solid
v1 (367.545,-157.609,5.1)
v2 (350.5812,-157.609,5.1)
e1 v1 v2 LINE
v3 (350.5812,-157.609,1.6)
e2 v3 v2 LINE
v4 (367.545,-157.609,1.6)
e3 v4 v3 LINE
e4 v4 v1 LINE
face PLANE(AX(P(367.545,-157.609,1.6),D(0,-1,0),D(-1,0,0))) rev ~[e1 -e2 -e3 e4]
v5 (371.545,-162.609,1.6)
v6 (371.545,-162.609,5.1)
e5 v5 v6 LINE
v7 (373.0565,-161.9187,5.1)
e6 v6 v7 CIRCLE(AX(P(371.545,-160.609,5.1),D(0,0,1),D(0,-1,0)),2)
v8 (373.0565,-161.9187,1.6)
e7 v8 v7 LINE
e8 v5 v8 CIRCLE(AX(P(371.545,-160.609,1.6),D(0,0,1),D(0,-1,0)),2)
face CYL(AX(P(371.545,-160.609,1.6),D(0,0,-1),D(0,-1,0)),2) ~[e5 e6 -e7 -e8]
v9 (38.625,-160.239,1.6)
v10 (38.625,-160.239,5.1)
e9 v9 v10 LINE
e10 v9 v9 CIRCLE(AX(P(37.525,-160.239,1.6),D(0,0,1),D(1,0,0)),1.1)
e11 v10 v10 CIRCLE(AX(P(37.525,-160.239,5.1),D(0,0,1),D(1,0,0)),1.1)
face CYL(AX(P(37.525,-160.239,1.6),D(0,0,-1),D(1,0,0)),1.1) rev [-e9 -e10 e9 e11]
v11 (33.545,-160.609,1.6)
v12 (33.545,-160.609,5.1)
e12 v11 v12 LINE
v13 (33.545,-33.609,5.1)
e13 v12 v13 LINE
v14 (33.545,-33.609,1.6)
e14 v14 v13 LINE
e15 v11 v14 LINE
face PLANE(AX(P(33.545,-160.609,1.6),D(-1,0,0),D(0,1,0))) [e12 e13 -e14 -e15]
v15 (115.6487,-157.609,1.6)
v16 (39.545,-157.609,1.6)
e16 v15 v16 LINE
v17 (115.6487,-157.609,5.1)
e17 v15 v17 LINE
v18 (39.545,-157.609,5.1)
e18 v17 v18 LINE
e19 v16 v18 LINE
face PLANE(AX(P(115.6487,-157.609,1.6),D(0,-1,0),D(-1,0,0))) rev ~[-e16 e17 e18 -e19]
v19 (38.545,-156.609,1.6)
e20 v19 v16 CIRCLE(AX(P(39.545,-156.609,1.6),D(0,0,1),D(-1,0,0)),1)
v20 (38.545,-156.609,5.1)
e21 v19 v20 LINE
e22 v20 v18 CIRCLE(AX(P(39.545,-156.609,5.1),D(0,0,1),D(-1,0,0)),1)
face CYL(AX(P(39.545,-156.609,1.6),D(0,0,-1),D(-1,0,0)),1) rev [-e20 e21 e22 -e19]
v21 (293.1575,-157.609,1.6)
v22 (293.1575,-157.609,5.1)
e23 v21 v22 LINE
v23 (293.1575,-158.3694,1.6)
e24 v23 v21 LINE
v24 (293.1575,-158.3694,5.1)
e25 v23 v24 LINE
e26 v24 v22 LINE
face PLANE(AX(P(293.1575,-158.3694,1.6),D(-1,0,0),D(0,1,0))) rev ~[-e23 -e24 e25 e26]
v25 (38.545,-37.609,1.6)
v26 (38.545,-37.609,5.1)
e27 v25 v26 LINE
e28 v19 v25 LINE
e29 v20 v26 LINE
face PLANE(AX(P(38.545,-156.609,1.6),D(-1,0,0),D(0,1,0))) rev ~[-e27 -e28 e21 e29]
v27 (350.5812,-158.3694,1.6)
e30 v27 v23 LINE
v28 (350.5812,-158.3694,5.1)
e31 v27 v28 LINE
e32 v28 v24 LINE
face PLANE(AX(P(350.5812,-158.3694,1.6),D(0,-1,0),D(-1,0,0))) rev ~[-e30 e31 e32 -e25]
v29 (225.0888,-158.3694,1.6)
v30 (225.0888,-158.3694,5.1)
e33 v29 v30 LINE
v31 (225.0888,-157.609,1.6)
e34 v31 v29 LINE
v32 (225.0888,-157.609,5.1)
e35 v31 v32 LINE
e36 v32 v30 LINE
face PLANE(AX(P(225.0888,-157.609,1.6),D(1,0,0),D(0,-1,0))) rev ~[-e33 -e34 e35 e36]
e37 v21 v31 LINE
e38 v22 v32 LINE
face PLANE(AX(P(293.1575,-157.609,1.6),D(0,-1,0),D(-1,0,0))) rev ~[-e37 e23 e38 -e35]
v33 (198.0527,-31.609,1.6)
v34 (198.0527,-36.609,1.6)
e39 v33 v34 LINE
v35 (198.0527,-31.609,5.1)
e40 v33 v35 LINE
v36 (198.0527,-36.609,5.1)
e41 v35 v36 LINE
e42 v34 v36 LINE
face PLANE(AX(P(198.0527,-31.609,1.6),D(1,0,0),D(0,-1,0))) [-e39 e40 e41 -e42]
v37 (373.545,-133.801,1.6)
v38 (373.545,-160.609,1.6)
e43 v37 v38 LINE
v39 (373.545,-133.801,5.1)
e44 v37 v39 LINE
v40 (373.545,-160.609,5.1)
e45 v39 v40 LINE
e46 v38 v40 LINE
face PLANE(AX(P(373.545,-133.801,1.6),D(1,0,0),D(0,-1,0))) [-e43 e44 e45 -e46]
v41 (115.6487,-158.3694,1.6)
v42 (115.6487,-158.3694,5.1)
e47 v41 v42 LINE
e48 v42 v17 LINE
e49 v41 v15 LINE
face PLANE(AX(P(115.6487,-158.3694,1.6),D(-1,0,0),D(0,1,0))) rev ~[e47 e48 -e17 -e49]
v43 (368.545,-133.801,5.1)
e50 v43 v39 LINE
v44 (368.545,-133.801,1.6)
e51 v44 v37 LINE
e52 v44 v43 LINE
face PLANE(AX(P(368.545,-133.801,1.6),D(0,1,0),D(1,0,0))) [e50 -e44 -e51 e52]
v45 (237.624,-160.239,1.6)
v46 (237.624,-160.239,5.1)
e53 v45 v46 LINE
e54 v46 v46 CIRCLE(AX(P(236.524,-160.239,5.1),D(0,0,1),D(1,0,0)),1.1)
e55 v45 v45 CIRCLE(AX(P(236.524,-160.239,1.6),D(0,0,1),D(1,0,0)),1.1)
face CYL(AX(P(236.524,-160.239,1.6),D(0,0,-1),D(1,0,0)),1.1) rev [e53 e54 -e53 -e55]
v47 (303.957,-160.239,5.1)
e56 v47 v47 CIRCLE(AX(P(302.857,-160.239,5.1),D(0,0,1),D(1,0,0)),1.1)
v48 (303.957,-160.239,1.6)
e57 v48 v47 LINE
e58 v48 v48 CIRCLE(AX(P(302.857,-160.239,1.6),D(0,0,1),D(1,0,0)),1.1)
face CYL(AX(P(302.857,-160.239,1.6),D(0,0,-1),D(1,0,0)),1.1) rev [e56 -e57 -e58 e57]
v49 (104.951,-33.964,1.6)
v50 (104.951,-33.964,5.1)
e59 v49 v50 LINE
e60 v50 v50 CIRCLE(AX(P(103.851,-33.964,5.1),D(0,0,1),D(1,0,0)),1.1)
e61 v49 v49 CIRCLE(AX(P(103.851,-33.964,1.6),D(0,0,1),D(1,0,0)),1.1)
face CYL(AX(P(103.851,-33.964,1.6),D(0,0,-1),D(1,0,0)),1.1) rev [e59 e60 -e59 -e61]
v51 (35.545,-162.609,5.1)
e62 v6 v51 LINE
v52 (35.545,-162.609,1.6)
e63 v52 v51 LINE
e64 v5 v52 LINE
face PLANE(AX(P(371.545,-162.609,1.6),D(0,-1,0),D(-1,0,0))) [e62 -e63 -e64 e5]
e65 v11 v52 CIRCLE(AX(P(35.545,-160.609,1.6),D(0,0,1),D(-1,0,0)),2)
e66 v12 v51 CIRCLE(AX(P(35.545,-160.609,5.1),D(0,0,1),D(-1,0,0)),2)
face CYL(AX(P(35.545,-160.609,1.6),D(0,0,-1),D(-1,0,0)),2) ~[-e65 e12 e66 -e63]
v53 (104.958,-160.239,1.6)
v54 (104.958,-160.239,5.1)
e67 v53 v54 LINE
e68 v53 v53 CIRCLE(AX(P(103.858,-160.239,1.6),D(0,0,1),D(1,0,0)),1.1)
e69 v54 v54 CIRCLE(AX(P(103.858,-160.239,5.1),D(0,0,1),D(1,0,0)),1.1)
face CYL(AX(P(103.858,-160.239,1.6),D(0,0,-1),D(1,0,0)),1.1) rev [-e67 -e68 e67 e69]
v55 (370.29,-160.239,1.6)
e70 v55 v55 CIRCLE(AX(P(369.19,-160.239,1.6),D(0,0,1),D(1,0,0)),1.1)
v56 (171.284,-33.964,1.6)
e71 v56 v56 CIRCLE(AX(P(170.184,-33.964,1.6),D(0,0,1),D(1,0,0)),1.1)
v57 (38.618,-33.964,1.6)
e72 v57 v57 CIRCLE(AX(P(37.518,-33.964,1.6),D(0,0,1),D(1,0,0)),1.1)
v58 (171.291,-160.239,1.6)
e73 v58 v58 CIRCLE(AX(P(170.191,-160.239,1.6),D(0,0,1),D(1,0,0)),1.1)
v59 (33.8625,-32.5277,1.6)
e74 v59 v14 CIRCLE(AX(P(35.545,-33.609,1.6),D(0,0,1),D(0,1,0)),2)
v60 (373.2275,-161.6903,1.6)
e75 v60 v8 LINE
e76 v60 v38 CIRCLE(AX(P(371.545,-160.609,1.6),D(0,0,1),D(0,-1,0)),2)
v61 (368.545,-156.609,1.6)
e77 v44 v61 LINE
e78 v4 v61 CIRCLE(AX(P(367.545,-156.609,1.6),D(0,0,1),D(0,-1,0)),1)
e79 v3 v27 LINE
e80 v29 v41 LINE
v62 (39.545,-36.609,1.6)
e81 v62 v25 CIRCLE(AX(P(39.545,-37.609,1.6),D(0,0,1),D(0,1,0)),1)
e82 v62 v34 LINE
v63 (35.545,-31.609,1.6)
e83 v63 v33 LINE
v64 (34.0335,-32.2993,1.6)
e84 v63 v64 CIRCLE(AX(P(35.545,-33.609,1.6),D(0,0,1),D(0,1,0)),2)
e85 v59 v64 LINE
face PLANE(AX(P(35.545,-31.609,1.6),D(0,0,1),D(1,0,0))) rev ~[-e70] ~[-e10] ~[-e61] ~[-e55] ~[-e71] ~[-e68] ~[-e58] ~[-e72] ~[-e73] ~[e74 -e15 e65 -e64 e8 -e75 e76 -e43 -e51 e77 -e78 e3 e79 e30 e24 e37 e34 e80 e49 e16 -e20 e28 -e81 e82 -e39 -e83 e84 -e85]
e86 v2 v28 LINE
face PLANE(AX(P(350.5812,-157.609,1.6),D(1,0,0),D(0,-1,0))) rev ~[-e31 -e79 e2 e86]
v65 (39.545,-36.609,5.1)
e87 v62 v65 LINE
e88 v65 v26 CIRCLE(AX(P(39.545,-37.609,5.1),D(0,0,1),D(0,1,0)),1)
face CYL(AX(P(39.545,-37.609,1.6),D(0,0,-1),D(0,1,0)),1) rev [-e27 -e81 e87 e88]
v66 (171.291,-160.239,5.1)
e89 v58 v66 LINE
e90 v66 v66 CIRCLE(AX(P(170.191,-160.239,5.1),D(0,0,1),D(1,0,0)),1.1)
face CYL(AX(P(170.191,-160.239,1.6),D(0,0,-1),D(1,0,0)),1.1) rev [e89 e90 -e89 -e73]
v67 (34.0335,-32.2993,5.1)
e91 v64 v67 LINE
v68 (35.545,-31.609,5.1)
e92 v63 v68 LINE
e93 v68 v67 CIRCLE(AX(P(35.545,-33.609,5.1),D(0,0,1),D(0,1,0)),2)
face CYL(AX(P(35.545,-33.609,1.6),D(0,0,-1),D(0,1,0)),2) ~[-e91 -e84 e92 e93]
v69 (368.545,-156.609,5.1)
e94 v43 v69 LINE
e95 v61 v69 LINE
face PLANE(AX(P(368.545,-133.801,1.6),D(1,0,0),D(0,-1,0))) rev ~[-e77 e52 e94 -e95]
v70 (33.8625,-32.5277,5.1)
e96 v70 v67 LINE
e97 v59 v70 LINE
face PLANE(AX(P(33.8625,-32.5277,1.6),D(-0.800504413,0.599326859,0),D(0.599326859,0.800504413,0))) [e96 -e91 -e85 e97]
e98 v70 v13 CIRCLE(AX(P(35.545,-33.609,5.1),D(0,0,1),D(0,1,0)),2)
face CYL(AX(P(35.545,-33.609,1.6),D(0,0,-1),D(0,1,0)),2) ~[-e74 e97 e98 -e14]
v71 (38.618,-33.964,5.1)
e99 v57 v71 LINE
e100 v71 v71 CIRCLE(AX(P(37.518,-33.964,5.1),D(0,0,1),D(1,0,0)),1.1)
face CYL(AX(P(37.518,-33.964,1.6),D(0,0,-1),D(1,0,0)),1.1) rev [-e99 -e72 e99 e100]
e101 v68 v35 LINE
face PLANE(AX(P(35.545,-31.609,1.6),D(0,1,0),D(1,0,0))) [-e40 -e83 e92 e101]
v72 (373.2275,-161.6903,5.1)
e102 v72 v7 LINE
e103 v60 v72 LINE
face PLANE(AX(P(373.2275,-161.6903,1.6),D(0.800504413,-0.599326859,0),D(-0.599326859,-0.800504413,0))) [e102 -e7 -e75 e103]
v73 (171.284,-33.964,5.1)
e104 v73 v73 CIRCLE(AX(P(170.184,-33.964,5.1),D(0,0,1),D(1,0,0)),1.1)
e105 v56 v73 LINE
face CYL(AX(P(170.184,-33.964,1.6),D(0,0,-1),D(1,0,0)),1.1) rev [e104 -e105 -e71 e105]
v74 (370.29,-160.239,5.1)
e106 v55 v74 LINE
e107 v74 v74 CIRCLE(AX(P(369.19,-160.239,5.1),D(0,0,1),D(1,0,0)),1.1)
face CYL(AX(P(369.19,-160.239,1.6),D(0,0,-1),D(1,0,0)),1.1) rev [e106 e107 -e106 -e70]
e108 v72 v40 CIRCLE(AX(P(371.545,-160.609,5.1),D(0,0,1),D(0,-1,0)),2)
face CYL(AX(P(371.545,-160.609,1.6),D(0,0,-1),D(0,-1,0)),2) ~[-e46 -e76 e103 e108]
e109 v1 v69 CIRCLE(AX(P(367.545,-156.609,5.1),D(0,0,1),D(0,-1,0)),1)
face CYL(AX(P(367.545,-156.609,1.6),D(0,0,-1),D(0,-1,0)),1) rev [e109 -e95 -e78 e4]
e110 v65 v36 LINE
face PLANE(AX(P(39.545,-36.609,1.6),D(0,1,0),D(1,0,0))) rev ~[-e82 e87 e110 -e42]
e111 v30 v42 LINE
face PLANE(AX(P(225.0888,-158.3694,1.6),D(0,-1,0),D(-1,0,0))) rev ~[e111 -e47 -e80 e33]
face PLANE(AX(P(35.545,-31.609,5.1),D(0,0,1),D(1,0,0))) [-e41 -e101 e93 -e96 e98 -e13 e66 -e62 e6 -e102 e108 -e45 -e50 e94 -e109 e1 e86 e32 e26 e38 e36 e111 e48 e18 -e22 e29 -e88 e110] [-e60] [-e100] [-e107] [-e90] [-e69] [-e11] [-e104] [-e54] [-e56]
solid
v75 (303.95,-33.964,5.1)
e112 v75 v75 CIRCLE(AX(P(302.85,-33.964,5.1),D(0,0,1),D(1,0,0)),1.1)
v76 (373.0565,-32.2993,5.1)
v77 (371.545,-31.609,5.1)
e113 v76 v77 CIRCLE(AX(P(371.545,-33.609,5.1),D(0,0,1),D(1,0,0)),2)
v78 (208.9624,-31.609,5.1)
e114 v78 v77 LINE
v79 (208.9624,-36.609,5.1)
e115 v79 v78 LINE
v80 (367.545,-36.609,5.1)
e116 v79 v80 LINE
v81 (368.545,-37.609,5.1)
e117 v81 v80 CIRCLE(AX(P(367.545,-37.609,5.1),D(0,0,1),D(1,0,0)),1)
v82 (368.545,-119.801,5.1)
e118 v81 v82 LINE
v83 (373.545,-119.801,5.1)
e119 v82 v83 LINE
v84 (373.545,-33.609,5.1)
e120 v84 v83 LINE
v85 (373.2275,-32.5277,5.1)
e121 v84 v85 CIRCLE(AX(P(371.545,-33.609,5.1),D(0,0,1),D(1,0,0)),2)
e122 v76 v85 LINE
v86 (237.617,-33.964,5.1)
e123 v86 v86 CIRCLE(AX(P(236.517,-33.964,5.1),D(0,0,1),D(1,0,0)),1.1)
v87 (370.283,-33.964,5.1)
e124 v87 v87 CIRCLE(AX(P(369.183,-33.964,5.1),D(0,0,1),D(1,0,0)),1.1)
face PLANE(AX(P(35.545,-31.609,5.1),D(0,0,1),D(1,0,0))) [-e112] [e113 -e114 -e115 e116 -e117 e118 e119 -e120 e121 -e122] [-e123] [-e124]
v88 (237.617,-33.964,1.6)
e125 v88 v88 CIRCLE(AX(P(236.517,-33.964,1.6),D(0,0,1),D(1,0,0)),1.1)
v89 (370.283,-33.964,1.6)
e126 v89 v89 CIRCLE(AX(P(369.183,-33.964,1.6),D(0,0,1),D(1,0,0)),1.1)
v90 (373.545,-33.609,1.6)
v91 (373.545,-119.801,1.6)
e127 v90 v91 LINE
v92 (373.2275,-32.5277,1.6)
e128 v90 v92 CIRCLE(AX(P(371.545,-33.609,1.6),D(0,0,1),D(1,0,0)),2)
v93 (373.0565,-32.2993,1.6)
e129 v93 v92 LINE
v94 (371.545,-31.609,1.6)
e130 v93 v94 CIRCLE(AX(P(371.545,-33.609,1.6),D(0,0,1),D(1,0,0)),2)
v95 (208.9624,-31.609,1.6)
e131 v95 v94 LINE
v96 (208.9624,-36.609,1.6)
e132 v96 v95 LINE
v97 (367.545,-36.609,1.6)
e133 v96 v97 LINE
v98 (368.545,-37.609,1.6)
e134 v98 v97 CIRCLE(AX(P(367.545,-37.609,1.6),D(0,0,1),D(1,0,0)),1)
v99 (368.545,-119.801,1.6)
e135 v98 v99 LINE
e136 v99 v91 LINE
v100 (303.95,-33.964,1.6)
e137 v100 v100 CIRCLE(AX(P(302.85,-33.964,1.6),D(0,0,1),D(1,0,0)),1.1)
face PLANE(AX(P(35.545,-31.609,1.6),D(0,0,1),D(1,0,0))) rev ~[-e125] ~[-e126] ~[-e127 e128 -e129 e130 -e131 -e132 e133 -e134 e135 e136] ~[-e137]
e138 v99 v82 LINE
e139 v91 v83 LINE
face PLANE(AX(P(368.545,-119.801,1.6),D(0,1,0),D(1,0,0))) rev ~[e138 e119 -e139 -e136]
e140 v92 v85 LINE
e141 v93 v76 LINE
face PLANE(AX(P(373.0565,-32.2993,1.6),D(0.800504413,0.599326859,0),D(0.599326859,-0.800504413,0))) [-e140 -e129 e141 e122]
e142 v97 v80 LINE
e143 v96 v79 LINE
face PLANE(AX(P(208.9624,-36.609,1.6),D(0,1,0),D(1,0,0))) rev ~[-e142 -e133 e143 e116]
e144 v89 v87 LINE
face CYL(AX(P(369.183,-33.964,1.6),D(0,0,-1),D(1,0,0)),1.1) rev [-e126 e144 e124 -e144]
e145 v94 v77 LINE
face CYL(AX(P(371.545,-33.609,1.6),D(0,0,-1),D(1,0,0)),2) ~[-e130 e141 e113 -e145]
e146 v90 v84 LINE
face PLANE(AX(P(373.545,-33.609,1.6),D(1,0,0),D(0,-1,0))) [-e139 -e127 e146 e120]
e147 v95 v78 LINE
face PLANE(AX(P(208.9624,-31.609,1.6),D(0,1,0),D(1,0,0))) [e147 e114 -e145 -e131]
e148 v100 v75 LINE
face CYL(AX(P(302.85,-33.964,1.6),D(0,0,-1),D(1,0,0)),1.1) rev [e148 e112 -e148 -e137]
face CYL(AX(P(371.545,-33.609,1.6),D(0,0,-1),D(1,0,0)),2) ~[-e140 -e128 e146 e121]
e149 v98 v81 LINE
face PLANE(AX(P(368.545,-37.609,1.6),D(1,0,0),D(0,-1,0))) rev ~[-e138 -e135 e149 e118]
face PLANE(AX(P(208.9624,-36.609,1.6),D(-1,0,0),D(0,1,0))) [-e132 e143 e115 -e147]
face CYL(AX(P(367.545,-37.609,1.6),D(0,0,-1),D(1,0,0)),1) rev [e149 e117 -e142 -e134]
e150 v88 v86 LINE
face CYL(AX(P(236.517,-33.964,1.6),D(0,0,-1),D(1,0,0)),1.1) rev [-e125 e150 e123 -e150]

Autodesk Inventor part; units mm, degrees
ref_plane "YZ Plane" through (0, 0, 0) normal (1, 0, 0) x (0, 1, 0)
ref_plane "XZ Plane" through (0, 0, 0) normal (0, 1, 0) x (-1, 0, 0)
ref_plane "XY Plane" through (0, 0, 0) normal (0, 0, 1) x (1, 0, 0)
ref_plane "Work Plane2" through (35.545, -31.609, 1.6) normal (0, 0, 1) x (1, 0, 0)
ref_plane "Work Plane1" through (35.545, -31.609, 1.6) normal (0, 0, 1) x (1, 0, 0)
sketch "Sketch1" plane through (35.545, -31.609, 1.6) normal (0, 0, 1) x (1, 0, 0)
  line L0 (0, 0) -> (336, 0) projected
  line L1 (-2, -129) -> (-2, -2) projected
  line L2 (-1.6825, -0.9187) -> (-1.5115, -0.6903) projected
  arc A0 (0, 0) -> (-2, -2) centre (0, -2) ccw
  line L3 (338, -2) -> (338, -129) projected
  line L4 (337.5115, -0.6903) -> (337.6825, -0.9187) projected
  arc A1 (338, -2) -> (336, 0) centre (336, -2) ccw
  line L5 (336, -131) -> (0, -131) projected
  line L6 (337.6825, -130.0813) -> (337.5115, -130.3097) projected
  arc A2 (336, -131) -> (338, -129) centre (336, -129) ccw
  arc A3 (-2, -129) -> (0, -131) centre (0, -129) ccw
  circle A4 centre (1.98, -128.63) radius 1.1 projected
  circle A5 centre (1.98, -128.63) radius 1.1
  circle A6 centre (68.313, -128.63) radius 1.1 projected
  circle A7 centre (134.646, -128.63) radius 1.1 projected
  circle A8 centre (134.646, -128.63) radius 1.1
  circle A9 centre (68.313, -128.63) radius 1.1
  circle A10 centre (200.979, -128.63) radius 1.1 projected
  circle A11 centre (267.312, -128.63) radius 1.1 projected
  circle A12 centre (333.645, -128.63) radius 1.1 projected
  circle A13 centre (333.645, -128.63) radius 1.1
  circle A14 centre (267.312, -128.63) radius 1.1
  circle A15 centre (200.979, -128.63) radius 1.1
  circle A16 centre (333.638, -2.355) radius 1.1 projected
  circle A17 centre (1.973, -2.355) radius 1.1 projected
  circle A18 centre (68.306, -2.355) radius 1.1 projected
  circle A19 centre (134.639, -2.355) radius 1.1 projected
  circle A20 centre (200.972, -2.355) radius 1.1 projected
  circle A21 centre (267.305, -2.355) radius 1.1 projected
  circle A22 centre (333.645, -2.355) radius 1.093
  circle A23 centre (267.305, -2.355) radius 1.1
  circle A24 centre (200.972, -2.355) radius 1.1
  circle A25 centre (134.639, -2.355) radius 1.1
  circle A26 centre (68.306, -2.355) radius 1.1
  circle A27 centre (1.973, -2.355) radius 1.1
  line L7 (3, -4.2357) -> (125.2758, -4.2357) construction
  line L8 (4, -5) -> (332, -5)
  line L9 (333, -6) -> (333, -125)
  line L10 (332, -126) -> (4, -126)
  line L11 (3, -125) -> (3, -6)
  arc A28 (4, -5) -> (3, -6) centre (4, -6) ccw
  arc A29 (333, -6) -> (332, -5) centre (332, -6) ccw
  arc A30 (332, -126) -> (333, -125) centre (332, -125) ccw
  arc A31 (3, -125) -> (4, -126) centre (4, -125) ccw
  line L12 (162.5077, 0) -> (162.5077, -5)
  line L13 (173.4174, -5) -> (173.4174, 0)
  circle A32 centre (320.737, -95.692) radius 0.175 projected
  line L14 (333, -88.192) -> (338, -88.192)
  line L15 (333, -102.192) -> (338, -102.192)
  line L16 (257.6125, -126) -> (315.0362, -126)
  line L17 (315.0362, -126) -> (315.0362, -126.7604)
  line L18 (315.0362, -126.7604) -> (257.6125, -126.7604)
  line L19 (257.6125, -126.7604) -> (257.6125, -126)
  line L20 (-4.56, 3.0996) -> (341.5314, 2.9535) construction
  line L21 (341.5314, 2.9535) -> (341.4736, -133.9948) construction
  line L22 (341.4736, -133.9948) -> (-4.6178, -133.8488) construction
  line L23 (-4.6178, -133.8488) -> (-4.56, 3.0996) construction
  line L24 (80.1037, -126) -> (189.5438, -126)
  line L25 (189.5438, -126) -> (189.5438, -126.7604)
  line L26 (189.5438, -126.7604) -> (80.1037, -126.7604)
  line L27 (80.1037, -126.7604) -> (80.1037, -126)
  point P0 (-35.545, 31.609)
  point P1 (-1.5115, -130.3097)
  point P2 (335.5, -88.192)
  point P3 (0, -131)
  point P4 (337.6825, -130.0813)
  point P5 (-1.6825, -0.9187)
  point P6 (337.6825, -0.9187)
  dimension "d2" = 5
  dimension "d3" = 5
  dimension "d4" = 5
  dimension "d5" = 5
  dimension "d6" = 1
  dimension "d7" = 1
  dimension "d8" = 1
  dimension "d9" = 1
extrude "Extrusion3" add sketch "Sketch1" along normal blind 3.5 contours L0 L12 L8 A28 L11 A31 L10 L27 L26 L25 L19 L18 L17 A30 L9 L15 L3 A2 L6 L5 A3 L1 A0 L2 | L0 A1 L4 L3 L14 L9 A29 L8 L13
properties part number "open_liner"
